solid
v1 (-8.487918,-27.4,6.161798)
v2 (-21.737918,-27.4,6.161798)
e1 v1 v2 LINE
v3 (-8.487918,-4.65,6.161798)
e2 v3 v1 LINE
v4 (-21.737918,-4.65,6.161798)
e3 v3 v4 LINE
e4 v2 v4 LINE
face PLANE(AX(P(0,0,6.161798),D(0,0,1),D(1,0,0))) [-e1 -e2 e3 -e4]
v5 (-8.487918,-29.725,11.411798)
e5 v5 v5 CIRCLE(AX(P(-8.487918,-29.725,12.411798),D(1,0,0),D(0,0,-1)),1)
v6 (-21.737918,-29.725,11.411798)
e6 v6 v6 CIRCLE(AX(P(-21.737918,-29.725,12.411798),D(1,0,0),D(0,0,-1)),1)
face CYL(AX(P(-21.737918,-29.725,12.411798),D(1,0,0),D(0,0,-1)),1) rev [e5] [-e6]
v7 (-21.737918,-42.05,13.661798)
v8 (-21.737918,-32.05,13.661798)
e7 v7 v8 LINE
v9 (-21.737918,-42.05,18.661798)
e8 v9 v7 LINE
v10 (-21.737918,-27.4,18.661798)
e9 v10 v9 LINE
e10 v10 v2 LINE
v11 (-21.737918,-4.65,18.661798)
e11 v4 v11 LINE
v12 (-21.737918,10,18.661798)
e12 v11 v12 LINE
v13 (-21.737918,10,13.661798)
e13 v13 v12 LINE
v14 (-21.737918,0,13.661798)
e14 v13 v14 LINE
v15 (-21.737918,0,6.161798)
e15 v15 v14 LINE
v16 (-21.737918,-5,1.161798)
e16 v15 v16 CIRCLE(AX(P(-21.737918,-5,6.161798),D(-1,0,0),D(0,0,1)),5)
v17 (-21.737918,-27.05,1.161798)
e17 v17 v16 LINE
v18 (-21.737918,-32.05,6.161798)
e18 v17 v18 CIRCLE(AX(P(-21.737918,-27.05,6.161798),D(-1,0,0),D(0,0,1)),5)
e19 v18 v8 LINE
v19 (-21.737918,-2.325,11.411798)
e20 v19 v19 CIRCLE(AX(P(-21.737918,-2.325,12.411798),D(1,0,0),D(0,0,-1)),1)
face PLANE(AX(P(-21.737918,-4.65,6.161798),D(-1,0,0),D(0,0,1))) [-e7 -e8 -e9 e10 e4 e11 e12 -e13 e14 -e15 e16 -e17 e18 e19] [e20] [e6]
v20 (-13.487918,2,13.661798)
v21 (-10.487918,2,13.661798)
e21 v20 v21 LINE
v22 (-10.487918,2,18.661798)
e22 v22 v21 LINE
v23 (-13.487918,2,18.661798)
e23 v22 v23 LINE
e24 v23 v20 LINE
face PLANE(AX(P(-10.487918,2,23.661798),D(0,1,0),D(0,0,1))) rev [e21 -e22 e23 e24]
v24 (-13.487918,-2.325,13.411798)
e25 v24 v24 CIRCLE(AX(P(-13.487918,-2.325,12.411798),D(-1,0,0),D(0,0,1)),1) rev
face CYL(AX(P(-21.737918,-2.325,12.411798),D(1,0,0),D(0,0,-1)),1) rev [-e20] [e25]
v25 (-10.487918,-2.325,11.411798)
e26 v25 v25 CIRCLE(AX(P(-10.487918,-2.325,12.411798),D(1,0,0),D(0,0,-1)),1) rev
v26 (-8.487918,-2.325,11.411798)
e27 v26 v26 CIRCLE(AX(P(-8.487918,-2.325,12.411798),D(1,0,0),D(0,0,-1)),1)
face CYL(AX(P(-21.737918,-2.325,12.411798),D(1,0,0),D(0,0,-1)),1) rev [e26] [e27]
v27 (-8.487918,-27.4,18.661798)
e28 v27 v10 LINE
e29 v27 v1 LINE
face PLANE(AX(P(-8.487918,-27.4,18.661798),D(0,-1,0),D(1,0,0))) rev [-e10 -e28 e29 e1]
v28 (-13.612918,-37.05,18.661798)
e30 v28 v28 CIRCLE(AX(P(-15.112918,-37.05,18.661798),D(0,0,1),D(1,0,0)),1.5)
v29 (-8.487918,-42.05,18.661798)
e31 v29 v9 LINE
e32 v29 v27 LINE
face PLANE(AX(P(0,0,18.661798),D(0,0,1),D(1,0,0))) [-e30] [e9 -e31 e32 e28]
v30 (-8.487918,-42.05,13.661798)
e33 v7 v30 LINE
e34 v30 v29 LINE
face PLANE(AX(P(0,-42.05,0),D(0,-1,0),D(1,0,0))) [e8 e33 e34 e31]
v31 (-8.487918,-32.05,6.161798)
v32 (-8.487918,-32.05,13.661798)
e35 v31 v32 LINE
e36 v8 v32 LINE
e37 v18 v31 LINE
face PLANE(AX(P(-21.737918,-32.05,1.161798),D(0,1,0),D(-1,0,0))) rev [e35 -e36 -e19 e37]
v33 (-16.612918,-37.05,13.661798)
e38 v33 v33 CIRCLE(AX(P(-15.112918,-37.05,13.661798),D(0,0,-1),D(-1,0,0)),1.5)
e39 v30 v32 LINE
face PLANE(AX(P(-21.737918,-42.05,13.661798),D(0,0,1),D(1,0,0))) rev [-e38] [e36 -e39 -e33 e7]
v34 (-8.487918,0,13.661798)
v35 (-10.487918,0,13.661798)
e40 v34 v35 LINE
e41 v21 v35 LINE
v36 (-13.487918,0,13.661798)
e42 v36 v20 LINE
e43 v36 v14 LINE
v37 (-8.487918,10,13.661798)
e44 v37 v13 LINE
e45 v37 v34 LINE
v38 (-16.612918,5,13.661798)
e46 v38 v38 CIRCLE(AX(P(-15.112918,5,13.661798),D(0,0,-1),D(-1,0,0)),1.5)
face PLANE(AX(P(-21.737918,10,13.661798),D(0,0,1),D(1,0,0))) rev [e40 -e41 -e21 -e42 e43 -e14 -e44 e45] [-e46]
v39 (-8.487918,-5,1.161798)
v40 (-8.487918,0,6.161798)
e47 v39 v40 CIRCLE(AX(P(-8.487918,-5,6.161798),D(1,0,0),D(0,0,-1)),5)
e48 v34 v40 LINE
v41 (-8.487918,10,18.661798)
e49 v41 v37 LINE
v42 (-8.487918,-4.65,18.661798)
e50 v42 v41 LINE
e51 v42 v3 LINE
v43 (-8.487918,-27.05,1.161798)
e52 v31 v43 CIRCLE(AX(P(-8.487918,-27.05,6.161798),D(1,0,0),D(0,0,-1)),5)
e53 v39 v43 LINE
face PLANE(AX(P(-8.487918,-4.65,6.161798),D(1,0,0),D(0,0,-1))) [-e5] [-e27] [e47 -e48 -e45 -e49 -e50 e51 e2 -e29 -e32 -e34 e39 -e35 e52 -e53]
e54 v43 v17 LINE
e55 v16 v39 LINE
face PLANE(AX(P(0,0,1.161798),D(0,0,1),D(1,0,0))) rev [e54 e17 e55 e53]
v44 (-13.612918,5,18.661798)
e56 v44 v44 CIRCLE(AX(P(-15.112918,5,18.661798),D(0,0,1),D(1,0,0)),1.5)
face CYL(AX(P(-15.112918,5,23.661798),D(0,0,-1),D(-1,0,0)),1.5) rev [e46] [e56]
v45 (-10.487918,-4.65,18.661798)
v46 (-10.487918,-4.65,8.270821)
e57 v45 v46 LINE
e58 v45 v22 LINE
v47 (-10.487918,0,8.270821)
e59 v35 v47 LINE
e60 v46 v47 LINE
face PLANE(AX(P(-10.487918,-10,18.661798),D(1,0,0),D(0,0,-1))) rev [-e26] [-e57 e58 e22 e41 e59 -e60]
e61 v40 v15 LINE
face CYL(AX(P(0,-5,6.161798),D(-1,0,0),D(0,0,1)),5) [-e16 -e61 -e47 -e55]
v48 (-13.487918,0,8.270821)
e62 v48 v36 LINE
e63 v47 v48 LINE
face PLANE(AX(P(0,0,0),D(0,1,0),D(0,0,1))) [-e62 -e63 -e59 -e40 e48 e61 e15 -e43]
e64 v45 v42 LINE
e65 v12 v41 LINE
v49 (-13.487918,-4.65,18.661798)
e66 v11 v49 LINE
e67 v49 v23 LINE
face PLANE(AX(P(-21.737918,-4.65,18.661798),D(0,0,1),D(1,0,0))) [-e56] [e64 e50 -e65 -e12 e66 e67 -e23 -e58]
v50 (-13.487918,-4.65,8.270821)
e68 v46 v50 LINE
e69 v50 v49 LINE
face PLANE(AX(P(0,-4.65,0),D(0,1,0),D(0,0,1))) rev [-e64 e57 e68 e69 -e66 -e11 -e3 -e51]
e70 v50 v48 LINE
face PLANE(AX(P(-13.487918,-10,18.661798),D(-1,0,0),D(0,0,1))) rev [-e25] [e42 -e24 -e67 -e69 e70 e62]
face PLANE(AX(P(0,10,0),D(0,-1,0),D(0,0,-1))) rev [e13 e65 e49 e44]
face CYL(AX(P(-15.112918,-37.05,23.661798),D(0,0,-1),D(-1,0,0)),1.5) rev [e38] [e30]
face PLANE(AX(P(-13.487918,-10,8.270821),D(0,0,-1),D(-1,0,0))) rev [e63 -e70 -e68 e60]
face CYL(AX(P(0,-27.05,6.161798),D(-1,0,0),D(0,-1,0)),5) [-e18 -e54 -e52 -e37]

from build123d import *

# Parameters (mm, degrees)
ESBO_O1_W                = 13.25
ESBO_O1_H                = 12.5
RESSALTO_EXTRUS_O1_DEPTH = 4.65
ESBO_O2_W                = 13.25
ESBO_O2_H                = 32.05
RESSALTO_EXTRUS_O2_DEPTH = 5
ESBO_O3_W                = 13.25
ESBO_O3_H                = 4.65
RESSALTO_EXTRUS_O3_DEPTH = 12.5
ESBO_O4_W                = 13.25
ESBO_O4_H                = 5
RESSALTO_EXTRUS_O4_DEPTH = 10
ESBO_O5_W                = 13.25
ESBO_O5_H                = 5
RESSALTO_EXTRUS_O5_DEPTH = 10
ESBO_O6_R                = 1.5
CORTE_EXTRUS_O1_DEPTH    = 10
ESBO_O7_R                = 1
CORTE_EXTRUS_O2_DEPTH    = 14.25
ESBO_O8_R                = 1
CORTE_EXTRUS_O3_DEPTH    = 14.25
ESBO_O9_W                = 3
ESBO_O9_H                = 10.390977072
CORTE_EXTRUS_O4_DEPTH    = 10
ESBO_O10_W               = 3
ESBO_O10_H               = 2
CORTE_EXTRUS_O5_DEPTH    = 10
FILETE1_R                = 5
FILETE2_R                = 5


with BuildPart() as part:
    # Esboço1 → Ressalto-extrusão1 (new body)
    with BuildSketch(Plane(origin=(0, 0, 0), x_dir=(1, 0, 0), z_dir=(0, 1, 0))):
        with Locations((-15.112918198, -12.411797698)):
            Rectangle(ESBO_O1_W, ESBO_O1_H)
    extrude(amount=-RESSALTO_EXTRUS_O1_DEPTH)

    # Esboço2 → Ressalto-extrusão2 (add)
    with BuildSketch(Plane(origin=(0, 0, 6.161797698), x_dir=(-1, 0, 0), z_dir=(0, 0, -1))):
        with Locations((15.112918198, -16.025)):
            Rectangle(ESBO_O2_W, ESBO_O2_H)
    extrude(amount=RESSALTO_EXTRUS_O2_DEPTH)

    # Esboço3 → Ressalto-extrusão3 (add)
    with BuildSketch(Plane.XY.offset(6.161797698)):
        with Locations((-15.112918198, -29.725)):
            Rectangle(ESBO_O3_W, ESBO_O3_H)
    extrude(amount=RESSALTO_EXTRUS_O3_DEPTH)

    # Esboço4 → Ressalto-extrusão4 (add)
    with BuildSketch(Plane(origin=(0, -32.05, 0), x_dir=(-1, 0, 0), z_dir=(0, -1, 0))):
        with Locations((15.112918198, -16.161797698)):
            Rectangle(ESBO_O4_W, ESBO_O4_H)
    extrude(amount=RESSALTO_EXTRUS_O4_DEPTH)

    # Esboço5 → Ressalto-extrusão5 (add)
    with BuildSketch(Plane(origin=(0, 0, 0), x_dir=(1, 0, 0), z_dir=(0, 1, 0))):
        with Locations((-15.112918198, -16.161797698)):
            Rectangle(ESBO_O5_W, ESBO_O5_H)
    extrude(amount=RESSALTO_EXTRUS_O5_DEPTH)

    # Esboço6 → Corte-extrusão1 (cut)
    with BuildSketch(Plane(origin=(0, 0, 13.661797698), x_dir=(-1, 0, 0), z_dir=(0, 0, -1))):
        with Locations((15.112918198, 5)):
            Circle(ESBO_O6_R)
        with Locations((15.112918198, -37.05)):
            Circle(ESBO_O6_R)
    extrude(amount=-CORTE_EXTRUS_O1_DEPTH, mode=Mode.SUBTRACT)

    # Esboço7 → Corte-extrusão2 (cut, through all)
    with BuildSketch(Plane(origin=(-8.487918198, 0, 0), x_dir=(0, 0, -1), z_dir=(1, 0, 0))):
        with Locations((-12.411797698, -2.325)):
            Circle(ESBO_O7_R)
    extrude(amount=-CORTE_EXTRUS_O2_DEPTH, mode=Mode.SUBTRACT)

    # Esboço8 → Corte-extrusão3 (cut, through all)
    with BuildSketch(Plane(origin=(-8.487918198, 0, 0), x_dir=(0, 0, -1), z_dir=(1, 0, 0))):
        with Locations((-12.411797698, -29.725)):
            Circle(ESBO_O8_R)
    extrude(amount=-CORTE_EXTRUS_O3_DEPTH, mode=Mode.SUBTRACT)

    # Esboço9 → Corte-extrusão4 (cut)
    with BuildSketch(Plane(origin=(0, 0, 0), x_dir=(1, 0, 0), z_dir=(0, 1, 0))):
        with Locations((-11.987918198, -13.466309162)):
            Rectangle(ESBO_O9_W, ESBO_O9_H)
    extrude(amount=-CORTE_EXTRUS_O4_DEPTH, mode=Mode.SUBTRACT)

    # Esboço10 → Corte-extrusão5 (cut)
    with BuildSketch(Plane(origin=(0, 0, 13.661797698), x_dir=(-1, 0, 0), z_dir=(0, 0, -1))):
        with Locations((11.987918198, 1)):
            Rectangle(ESBO_O10_W, ESBO_O10_H)
    extrude(amount=-CORTE_EXTRUS_O5_DEPTH, mode=Mode.SUBTRACT)

    # Filete1
    filete1_edges = [part.edges().sort_by_distance(p)[0] for p in [
        (-15.112918198, 0, 1.161797698),
    ]]
    fillet(filete1_edges, radius=FILETE1_R)

    # Filete2
    filete2_edges = [part.edges().sort_by_distance(p)[0] for p in [
        (-15.112918198, -32.05, 1.161797698),
    ]]
    fillet(filete2_edges, radius=FILETE2_R)


solid = part.part
